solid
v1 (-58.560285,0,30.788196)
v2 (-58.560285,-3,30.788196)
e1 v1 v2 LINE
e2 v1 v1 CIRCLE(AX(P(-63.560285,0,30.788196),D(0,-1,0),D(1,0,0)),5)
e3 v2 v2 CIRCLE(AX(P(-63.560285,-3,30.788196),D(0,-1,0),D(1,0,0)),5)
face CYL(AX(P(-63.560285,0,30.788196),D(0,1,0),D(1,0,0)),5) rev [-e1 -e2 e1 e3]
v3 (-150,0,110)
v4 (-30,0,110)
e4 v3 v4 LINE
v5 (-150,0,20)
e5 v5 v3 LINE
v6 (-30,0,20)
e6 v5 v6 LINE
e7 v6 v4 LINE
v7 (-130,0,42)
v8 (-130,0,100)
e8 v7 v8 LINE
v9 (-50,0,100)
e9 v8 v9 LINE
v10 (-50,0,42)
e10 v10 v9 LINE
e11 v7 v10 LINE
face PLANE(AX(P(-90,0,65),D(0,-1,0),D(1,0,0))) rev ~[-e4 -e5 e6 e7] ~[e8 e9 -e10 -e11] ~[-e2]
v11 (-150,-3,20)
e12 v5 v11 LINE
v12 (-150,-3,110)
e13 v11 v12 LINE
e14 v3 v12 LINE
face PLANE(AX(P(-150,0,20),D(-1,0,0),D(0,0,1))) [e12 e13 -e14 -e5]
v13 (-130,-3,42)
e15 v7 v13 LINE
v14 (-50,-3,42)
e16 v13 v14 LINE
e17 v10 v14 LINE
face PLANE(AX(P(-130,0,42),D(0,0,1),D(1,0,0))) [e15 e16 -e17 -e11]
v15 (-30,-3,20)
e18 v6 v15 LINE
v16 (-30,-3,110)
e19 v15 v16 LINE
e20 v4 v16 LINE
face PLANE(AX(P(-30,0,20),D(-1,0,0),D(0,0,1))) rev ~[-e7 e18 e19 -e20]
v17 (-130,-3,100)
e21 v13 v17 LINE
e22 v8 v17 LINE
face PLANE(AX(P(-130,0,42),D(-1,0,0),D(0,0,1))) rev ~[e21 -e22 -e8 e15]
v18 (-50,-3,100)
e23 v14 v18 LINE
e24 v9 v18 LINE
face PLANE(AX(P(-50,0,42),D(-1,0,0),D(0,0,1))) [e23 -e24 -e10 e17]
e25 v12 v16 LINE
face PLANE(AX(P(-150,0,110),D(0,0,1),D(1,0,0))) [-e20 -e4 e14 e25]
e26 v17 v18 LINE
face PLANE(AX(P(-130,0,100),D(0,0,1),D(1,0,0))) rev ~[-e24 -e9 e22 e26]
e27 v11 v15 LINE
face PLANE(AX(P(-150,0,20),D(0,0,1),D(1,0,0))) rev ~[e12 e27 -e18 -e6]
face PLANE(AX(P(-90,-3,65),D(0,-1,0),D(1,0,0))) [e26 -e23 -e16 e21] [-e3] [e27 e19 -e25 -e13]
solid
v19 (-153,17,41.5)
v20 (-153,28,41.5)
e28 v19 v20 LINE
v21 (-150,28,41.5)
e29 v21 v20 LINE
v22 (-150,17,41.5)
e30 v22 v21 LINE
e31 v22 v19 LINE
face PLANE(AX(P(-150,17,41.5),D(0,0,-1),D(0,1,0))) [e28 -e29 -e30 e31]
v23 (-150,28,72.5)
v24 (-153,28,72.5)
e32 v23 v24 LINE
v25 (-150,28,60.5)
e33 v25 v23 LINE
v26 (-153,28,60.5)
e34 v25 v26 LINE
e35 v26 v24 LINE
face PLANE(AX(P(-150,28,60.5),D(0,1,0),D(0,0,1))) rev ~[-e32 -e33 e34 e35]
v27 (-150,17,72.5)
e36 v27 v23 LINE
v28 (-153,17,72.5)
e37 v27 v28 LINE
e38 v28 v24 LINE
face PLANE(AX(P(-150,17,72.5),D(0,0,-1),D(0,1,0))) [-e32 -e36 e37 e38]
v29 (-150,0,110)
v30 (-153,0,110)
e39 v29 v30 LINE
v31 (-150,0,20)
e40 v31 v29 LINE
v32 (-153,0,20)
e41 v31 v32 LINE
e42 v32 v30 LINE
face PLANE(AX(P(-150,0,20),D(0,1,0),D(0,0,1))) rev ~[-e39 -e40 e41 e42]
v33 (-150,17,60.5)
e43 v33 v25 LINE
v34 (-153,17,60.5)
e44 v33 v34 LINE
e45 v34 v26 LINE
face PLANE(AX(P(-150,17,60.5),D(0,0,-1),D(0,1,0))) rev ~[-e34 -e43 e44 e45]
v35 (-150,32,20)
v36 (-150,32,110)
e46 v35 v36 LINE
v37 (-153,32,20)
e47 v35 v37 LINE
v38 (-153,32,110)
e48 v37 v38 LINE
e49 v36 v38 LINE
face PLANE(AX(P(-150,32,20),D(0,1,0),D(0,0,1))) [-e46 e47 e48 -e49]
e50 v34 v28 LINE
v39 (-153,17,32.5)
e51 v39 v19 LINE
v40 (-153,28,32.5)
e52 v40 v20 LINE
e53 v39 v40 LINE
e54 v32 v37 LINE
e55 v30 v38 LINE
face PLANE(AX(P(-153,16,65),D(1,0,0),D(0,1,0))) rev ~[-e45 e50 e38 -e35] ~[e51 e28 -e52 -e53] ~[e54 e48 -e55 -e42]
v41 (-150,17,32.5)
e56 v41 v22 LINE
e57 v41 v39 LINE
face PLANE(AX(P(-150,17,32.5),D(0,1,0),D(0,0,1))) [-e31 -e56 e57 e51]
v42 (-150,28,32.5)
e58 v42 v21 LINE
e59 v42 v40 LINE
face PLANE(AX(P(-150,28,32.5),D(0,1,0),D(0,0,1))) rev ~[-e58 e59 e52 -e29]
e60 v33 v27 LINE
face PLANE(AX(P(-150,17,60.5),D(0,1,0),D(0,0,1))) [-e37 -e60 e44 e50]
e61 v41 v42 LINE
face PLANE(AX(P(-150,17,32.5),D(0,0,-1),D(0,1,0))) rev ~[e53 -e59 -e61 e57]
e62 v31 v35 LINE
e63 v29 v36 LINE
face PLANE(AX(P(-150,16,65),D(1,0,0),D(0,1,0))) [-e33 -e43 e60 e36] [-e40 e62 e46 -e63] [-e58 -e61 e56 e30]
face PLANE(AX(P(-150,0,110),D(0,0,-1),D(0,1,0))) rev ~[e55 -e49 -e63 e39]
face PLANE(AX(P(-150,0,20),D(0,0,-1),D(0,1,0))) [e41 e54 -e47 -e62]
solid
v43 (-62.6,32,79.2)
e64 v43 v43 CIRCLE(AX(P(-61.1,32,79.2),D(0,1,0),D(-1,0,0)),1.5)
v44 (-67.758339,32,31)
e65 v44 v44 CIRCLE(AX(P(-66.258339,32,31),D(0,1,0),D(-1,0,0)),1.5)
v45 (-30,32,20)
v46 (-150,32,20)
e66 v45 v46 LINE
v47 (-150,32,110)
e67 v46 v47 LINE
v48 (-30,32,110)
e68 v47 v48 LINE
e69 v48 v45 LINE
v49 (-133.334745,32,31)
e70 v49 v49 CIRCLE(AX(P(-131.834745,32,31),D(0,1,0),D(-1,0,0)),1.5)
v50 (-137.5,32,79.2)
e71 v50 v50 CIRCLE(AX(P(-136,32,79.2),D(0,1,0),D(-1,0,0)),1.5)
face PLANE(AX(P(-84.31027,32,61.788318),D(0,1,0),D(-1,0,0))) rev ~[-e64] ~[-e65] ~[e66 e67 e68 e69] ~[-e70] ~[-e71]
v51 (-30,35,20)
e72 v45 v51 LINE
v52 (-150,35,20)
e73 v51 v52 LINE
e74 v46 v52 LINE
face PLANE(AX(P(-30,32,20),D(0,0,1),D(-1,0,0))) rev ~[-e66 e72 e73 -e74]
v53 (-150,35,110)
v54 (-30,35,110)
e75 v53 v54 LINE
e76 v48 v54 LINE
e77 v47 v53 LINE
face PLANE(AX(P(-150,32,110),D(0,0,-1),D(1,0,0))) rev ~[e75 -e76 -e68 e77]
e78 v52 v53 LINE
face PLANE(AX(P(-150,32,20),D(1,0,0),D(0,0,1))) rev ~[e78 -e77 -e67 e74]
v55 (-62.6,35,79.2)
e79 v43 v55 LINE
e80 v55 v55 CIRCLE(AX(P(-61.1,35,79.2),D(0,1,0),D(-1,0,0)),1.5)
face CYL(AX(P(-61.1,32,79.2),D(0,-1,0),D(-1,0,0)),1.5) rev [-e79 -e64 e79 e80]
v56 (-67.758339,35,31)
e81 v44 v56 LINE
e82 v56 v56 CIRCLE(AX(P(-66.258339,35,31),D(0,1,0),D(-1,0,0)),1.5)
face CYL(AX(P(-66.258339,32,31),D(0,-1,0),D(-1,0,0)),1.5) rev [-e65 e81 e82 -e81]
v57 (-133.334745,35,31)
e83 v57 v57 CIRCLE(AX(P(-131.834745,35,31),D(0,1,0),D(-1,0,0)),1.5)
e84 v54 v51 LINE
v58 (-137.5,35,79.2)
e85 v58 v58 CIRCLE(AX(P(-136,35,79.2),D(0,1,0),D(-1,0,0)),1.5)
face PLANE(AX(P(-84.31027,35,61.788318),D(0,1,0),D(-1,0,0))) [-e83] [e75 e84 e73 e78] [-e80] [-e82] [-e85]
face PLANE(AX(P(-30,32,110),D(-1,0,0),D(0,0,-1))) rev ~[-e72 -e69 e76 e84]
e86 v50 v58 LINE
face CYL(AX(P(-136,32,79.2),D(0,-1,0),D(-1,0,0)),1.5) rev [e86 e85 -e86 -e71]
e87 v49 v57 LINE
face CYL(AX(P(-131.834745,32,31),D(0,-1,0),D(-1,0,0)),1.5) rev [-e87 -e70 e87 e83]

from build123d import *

# Parameters (mm, degrees)
F2_W     = 32
F2_H     = 90
F2_W_2   = 11
F2_H_2   = 9
F2_H_3   = 12
F3_DEPTH = 3
F0_W     = 120
F0_H     = 90
F0_R     = 5
F0_W_2   = 80
F0_H_2   = 58
F4_DEPTH = 3
F5_W     = 101.6
F5_H     = 53.3
F5_R     = 1.5
F6_DEPTH = 3


with BuildPart() as f3:
    # F2 (on offset) → F3 (new body)
    with BuildSketch(Plane.YZ.offset(-150)):
        with Locations((16, 65)):
            Rectangle(F2_W, F2_H)
        with Locations((22.5, 37)):
            Rectangle(F2_W_2, F2_H_2, mode=Mode.SUBTRACT)
        with Locations((22.5, 66.5)):
            Rectangle(F2_W_2, F2_H_3, mode=Mode.SUBTRACT)
    extrude(amount=-F3_DEPTH)


with BuildPart() as f4:
    # F0 (on Front) → F4 (new body)
    with BuildSketch(Plane.XZ):
        with Locations((-90, 65)):
            Rectangle(F0_W, F0_H)
        with Locations((-63.560285, 30.788196)):
            Circle(F0_R, mode=Mode.SUBTRACT)
        with Locations((-90, 71)):
            Rectangle(F0_W_2, F0_H_2, mode=Mode.SUBTRACT)
    extrude(amount=F4_DEPTH)


with BuildPart() as f6:
    # F5 (on face) → F6 (new body)
    with BuildSketch(Plane(origin=(0, 32, 0), x_dir=(-1, 0, 0), z_dir=(0, 1, 0))):
        Polygon((150, 110), (30, 110), (30, 20), (150, 20), (150, 28.5), (48.4, 28.5), (48.4, 81.8), (150, 81.8), align=None)
        with Locations((99.2, 55.15)):
            Rectangle(F5_W, F5_H)
        with Locations((66.258339, 31)):
            Circle(F5_R, mode=Mode.SUBTRACT)
        with Locations((131.834745, 31)):
            Circle(F5_R, mode=Mode.SUBTRACT)
        with Locations((61.1, 79.2)):
            Circle(F5_R, mode=Mode.SUBTRACT)
        with Locations((136, 79.2)):
            Circle(F5_R, mode=Mode.SUBTRACT)
    extrude(amount=F6_DEPTH)


solid = Compound([f3.part, f4.part, f6.part])
